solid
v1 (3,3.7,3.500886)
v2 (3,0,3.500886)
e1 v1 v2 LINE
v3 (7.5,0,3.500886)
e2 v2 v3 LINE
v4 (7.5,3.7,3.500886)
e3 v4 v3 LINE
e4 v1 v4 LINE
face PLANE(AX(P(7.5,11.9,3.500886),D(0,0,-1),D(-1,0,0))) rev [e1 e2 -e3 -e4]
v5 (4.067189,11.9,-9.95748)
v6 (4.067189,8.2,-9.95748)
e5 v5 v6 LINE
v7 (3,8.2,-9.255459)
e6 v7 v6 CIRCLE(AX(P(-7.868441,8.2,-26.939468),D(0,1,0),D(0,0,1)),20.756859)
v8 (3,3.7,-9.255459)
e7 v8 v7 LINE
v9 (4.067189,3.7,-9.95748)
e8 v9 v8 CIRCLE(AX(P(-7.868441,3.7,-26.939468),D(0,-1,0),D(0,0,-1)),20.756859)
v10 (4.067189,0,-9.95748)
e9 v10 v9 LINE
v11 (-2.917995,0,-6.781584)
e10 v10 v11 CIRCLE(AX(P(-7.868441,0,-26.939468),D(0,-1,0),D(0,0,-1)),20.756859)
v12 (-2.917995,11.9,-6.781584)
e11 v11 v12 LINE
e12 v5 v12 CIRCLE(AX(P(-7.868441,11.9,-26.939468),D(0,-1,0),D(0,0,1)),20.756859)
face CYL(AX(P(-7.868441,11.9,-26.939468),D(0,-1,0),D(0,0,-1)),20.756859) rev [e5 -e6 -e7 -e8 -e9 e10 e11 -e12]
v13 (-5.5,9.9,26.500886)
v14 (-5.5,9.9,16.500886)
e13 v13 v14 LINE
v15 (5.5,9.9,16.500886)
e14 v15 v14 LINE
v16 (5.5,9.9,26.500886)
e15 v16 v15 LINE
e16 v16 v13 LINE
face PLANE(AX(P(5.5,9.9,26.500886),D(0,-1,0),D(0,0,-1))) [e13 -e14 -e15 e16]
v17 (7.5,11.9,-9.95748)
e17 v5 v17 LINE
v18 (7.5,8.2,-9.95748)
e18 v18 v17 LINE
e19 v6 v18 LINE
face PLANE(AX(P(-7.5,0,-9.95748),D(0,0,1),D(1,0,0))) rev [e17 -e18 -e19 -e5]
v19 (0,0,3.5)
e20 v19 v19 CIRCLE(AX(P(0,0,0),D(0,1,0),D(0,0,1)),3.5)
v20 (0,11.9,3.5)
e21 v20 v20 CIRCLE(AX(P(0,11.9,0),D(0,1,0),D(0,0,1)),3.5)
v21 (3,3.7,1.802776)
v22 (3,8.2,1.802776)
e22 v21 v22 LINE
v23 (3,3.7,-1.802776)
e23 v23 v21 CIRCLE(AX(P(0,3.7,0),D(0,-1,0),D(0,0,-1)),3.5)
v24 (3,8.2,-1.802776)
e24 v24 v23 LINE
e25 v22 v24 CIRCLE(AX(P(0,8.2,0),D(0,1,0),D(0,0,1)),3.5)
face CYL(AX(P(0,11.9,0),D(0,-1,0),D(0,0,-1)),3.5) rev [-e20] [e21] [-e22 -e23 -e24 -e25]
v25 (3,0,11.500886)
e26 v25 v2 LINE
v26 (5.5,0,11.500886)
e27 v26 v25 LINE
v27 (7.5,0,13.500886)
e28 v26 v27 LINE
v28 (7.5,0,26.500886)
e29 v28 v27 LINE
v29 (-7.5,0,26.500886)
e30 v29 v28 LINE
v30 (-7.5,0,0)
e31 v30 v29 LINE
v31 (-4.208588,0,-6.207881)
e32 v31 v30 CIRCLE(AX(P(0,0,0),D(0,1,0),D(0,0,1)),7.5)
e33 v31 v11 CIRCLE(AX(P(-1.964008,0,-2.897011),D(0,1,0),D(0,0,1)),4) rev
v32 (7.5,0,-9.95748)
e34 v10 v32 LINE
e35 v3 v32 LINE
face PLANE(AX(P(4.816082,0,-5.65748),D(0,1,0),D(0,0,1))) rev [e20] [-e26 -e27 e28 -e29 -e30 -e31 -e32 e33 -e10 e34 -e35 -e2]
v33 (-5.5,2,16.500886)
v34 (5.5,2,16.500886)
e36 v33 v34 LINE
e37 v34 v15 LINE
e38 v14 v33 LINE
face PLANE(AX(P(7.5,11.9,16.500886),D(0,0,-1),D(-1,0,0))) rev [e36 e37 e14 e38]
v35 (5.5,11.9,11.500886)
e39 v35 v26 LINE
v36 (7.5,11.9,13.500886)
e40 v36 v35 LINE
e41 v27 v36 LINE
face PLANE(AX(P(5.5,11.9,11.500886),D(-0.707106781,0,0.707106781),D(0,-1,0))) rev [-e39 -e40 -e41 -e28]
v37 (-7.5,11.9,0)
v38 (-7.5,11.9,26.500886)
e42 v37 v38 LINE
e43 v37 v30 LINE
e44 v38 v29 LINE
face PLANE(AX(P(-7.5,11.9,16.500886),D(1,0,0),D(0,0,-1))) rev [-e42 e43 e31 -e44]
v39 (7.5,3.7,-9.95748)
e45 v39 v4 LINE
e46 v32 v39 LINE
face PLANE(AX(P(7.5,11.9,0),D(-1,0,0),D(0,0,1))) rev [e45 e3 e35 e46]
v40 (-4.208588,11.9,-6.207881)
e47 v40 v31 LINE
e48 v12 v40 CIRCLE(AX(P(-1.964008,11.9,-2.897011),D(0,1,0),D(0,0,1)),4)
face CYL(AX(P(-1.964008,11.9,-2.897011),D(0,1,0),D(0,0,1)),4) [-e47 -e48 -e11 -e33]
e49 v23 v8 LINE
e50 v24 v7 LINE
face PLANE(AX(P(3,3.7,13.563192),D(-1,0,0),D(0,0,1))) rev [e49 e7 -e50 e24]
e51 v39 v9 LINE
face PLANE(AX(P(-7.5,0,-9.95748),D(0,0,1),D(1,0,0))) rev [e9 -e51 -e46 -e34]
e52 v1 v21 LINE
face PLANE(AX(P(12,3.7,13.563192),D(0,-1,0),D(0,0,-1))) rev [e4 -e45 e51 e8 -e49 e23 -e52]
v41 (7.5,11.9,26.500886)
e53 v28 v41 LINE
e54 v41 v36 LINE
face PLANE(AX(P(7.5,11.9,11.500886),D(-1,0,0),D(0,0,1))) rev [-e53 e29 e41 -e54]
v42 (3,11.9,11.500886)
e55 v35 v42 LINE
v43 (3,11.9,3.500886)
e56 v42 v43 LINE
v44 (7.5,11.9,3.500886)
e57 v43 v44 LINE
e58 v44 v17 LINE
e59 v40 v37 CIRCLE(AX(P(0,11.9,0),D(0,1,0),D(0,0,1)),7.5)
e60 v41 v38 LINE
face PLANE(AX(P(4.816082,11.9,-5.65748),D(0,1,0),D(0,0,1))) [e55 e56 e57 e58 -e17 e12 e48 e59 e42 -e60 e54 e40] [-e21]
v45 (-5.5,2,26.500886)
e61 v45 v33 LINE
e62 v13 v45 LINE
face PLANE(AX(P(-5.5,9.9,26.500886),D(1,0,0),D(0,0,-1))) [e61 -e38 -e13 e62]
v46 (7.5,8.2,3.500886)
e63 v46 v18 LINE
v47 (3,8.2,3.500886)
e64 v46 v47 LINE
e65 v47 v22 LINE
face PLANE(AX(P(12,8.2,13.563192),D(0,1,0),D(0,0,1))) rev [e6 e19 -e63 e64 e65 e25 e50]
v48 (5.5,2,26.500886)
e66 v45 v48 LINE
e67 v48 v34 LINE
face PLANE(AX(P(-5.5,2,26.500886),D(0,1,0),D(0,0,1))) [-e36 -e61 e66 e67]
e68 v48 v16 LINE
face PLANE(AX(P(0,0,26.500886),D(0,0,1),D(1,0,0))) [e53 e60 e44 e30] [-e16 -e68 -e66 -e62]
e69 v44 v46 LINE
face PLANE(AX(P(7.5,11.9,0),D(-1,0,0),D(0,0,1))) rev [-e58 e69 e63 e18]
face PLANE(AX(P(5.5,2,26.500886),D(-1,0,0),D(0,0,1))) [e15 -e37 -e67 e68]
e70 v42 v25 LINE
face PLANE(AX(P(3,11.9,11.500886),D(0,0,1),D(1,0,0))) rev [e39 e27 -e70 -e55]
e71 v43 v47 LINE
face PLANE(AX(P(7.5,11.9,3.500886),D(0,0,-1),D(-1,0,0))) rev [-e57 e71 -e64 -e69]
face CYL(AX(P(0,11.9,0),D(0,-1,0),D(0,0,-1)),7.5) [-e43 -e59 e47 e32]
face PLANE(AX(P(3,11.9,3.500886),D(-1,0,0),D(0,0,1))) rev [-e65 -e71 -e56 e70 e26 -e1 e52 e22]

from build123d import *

# Parameters (mm, degrees)
SKETCH3_R               = 3.5
BOSS_EXTRUDE2_DEPTH     = 11.9
CUT_EXTRUDE1_REACH      = 34.374
SKETCH4_W               = 9
SKETCH4_H               = 4.5
SKETCH5_W               = 15
SKETCH5_H               = 11.9
SKETCH5_W_2             = 11
SKETCH5_H_2             = 7.9
BOSS_EXTRUDE3_DEPTH     = 10
CUT_EXTRUDE2_DEPTH      = 33.694142686
CUT_EXTRUDE2_DEPTH_BACK = 33.694142686
SKETCH6_W               = 2.7
SKETCH6_H               = 11.9
CUT_EXTRUDE3_DEPTH      = 31.002615985
CUT_EXTRUDE3_DEPTH_BACK = 31.002615985
FILLET1_R               = 4
CHAMFER1_SIZE           = 2


with BuildPart() as part:
    # Sketch3 → Boss-Extrude2 (new body)
    with BuildSketch(Plane(origin=(0, 0, 0), x_dir=(1, 0, 0), z_dir=(0, 1, 0))):
        with BuildLine():
            Line((7.5, 0), (7.5, 12.657479881))
            Line((7.5, 12.657479881), (4.816081625, 12.657479881))
            ThreePointArc((4.816081625, 12.657479881), (1.359085459, 11.744283435), (-1.195934532, 9.242959169))
            ThreePointArc((-1.195934532, 9.242959169), (-2.208037755, 7.848359435), (-3.45353313, 6.657560283))
            ThreePointArc((-3.45353313, 6.657560283), (-6.40903653, 3.895414068), (-7.5, 0))
            Line((-7.5, 0), (-7.5, -16.500886135))
            Line((-7.5, -16.500886135), (7.5, -16.500886135))
            Line((7.5, -16.500886135), (7.5, -11.500886135))
            Line((7.5, -11.500886135), (3, -11.500886135))
            Line((3, -11.500886135), (3, -3.500886135))
            Line((3, -3.500886135), (7.5, -3.500886135))
            Line((7.5, -3.500886135), (7.5, 0))
        make_face()
        with Locations(Location((0, 0, 0), (0, 0, 270))):
            Circle(SKETCH3_R, mode=Mode.SUBTRACT)
    extrude(amount=BOSS_EXTRUDE2_DEPTH)

    # Cut-Extrude1: up to this face of the body (flat: up to its plane)
    cut_extrude1_end = Plane(part.part.faces().sort_by_distance((5.25, 5.95, 3.500886135))[0])
    # Sketch4 → Cut-Extrude1 (cut, up to the picked face)
    with BuildSketch(Plane(origin=(0, 0, -12.657479881), x_dir=(-1, 0, 0), z_dir=(0, 0, -1)), mode=Mode.PRIVATE) as cut_extrude1_sk1:
        with Locations((-7.5, 5.95)):
            Rectangle(SKETCH4_W, SKETCH4_H)
    cut_extrude1_tool1 = split(extrude(cut_extrude1_sk1.sketch, amount=-CUT_EXTRUDE1_REACH, mode=Mode.PRIVATE), bisect_by=cut_extrude1_end, keep=Keep.BOTH, mode=Mode.PRIVATE)
    add(cut_extrude1_tool1.solids().sort_by(Axis((7.5, 5.95, -12.65748), (0, 0, 1)))[0], mode=Mode.SUBTRACT)

    # Sketch5 → Boss-Extrude3 (add)
    with BuildSketch(Plane.XY.offset(16.500886135)):
        with Locations((0, 5.95)):
            Rectangle(SKETCH5_W, SKETCH5_H)
        with Locations((0, 5.95)):
            Rectangle(SKETCH5_W_2, SKETCH5_H_2, mode=Mode.SUBTRACT)
    extrude(amount=BOSS_EXTRUDE3_DEPTH)

    # Sketch6 → Cut-Extrude2 (cut, two sides: drawn at the far end of the back side and taken through both)
    with BuildSketch(Plane(origin=(7.5, 0, 0), x_dir=(0, 0, -1), z_dir=(1, 0, 0)).offset(-CUT_EXTRUDE2_DEPTH_BACK)):
        with Locations((11.307479881, 5.95)):
            Rectangle(SKETCH6_W, SKETCH6_H)
    extrude(amount=CUT_EXTRUDE2_DEPTH + CUT_EXTRUDE2_DEPTH_BACK, mode=Mode.SUBTRACT)

    # Sketch7 → Cut-Extrude3 (cut, two sides: drawn at the far end of the back side and taken through both)
    with BuildSketch(Plane.XZ.offset(-CUT_EXTRUDE3_DEPTH_BACK)):
        with BuildLine():
            Line((-3.45353313, -6.657560283), (-1.779949015, -9.678496559))
            Line((-1.779949015, -9.678496559), (0.471666332, -11.274565758))
            Line((0.471666332, -11.274565758), (4.067189111, -10.062167039))
            Line((4.067189111, -10.062167039), (4.067189111, -9.957479881))
            ThreePointArc((4.067189111, -9.957479881), (0.471666332, -7.931843239), (-3.45353313, -6.657560283))
        make_face()
    extrude(amount=CUT_EXTRUDE3_DEPTH + CUT_EXTRUDE3_DEPTH_BACK, mode=Mode.SUBTRACT)

    # Fillet1
    fillet1_edges = [part.edges().sort_by_distance(p)[0] for p in [
        (-3.45353313, 5.95, -6.657560283),
    ]]
    fillet(fillet1_edges, radius=FILLET1_R)

    # Chamfer1
    chamfer1_edges = [part.edges().sort_by_distance(p)[0] for p in [
        (7.5, 5.95, 11.500886135),
    ]]
    chamfer(chamfer1_edges, length=CHAMFER1_SIZE)


solid = part.part
